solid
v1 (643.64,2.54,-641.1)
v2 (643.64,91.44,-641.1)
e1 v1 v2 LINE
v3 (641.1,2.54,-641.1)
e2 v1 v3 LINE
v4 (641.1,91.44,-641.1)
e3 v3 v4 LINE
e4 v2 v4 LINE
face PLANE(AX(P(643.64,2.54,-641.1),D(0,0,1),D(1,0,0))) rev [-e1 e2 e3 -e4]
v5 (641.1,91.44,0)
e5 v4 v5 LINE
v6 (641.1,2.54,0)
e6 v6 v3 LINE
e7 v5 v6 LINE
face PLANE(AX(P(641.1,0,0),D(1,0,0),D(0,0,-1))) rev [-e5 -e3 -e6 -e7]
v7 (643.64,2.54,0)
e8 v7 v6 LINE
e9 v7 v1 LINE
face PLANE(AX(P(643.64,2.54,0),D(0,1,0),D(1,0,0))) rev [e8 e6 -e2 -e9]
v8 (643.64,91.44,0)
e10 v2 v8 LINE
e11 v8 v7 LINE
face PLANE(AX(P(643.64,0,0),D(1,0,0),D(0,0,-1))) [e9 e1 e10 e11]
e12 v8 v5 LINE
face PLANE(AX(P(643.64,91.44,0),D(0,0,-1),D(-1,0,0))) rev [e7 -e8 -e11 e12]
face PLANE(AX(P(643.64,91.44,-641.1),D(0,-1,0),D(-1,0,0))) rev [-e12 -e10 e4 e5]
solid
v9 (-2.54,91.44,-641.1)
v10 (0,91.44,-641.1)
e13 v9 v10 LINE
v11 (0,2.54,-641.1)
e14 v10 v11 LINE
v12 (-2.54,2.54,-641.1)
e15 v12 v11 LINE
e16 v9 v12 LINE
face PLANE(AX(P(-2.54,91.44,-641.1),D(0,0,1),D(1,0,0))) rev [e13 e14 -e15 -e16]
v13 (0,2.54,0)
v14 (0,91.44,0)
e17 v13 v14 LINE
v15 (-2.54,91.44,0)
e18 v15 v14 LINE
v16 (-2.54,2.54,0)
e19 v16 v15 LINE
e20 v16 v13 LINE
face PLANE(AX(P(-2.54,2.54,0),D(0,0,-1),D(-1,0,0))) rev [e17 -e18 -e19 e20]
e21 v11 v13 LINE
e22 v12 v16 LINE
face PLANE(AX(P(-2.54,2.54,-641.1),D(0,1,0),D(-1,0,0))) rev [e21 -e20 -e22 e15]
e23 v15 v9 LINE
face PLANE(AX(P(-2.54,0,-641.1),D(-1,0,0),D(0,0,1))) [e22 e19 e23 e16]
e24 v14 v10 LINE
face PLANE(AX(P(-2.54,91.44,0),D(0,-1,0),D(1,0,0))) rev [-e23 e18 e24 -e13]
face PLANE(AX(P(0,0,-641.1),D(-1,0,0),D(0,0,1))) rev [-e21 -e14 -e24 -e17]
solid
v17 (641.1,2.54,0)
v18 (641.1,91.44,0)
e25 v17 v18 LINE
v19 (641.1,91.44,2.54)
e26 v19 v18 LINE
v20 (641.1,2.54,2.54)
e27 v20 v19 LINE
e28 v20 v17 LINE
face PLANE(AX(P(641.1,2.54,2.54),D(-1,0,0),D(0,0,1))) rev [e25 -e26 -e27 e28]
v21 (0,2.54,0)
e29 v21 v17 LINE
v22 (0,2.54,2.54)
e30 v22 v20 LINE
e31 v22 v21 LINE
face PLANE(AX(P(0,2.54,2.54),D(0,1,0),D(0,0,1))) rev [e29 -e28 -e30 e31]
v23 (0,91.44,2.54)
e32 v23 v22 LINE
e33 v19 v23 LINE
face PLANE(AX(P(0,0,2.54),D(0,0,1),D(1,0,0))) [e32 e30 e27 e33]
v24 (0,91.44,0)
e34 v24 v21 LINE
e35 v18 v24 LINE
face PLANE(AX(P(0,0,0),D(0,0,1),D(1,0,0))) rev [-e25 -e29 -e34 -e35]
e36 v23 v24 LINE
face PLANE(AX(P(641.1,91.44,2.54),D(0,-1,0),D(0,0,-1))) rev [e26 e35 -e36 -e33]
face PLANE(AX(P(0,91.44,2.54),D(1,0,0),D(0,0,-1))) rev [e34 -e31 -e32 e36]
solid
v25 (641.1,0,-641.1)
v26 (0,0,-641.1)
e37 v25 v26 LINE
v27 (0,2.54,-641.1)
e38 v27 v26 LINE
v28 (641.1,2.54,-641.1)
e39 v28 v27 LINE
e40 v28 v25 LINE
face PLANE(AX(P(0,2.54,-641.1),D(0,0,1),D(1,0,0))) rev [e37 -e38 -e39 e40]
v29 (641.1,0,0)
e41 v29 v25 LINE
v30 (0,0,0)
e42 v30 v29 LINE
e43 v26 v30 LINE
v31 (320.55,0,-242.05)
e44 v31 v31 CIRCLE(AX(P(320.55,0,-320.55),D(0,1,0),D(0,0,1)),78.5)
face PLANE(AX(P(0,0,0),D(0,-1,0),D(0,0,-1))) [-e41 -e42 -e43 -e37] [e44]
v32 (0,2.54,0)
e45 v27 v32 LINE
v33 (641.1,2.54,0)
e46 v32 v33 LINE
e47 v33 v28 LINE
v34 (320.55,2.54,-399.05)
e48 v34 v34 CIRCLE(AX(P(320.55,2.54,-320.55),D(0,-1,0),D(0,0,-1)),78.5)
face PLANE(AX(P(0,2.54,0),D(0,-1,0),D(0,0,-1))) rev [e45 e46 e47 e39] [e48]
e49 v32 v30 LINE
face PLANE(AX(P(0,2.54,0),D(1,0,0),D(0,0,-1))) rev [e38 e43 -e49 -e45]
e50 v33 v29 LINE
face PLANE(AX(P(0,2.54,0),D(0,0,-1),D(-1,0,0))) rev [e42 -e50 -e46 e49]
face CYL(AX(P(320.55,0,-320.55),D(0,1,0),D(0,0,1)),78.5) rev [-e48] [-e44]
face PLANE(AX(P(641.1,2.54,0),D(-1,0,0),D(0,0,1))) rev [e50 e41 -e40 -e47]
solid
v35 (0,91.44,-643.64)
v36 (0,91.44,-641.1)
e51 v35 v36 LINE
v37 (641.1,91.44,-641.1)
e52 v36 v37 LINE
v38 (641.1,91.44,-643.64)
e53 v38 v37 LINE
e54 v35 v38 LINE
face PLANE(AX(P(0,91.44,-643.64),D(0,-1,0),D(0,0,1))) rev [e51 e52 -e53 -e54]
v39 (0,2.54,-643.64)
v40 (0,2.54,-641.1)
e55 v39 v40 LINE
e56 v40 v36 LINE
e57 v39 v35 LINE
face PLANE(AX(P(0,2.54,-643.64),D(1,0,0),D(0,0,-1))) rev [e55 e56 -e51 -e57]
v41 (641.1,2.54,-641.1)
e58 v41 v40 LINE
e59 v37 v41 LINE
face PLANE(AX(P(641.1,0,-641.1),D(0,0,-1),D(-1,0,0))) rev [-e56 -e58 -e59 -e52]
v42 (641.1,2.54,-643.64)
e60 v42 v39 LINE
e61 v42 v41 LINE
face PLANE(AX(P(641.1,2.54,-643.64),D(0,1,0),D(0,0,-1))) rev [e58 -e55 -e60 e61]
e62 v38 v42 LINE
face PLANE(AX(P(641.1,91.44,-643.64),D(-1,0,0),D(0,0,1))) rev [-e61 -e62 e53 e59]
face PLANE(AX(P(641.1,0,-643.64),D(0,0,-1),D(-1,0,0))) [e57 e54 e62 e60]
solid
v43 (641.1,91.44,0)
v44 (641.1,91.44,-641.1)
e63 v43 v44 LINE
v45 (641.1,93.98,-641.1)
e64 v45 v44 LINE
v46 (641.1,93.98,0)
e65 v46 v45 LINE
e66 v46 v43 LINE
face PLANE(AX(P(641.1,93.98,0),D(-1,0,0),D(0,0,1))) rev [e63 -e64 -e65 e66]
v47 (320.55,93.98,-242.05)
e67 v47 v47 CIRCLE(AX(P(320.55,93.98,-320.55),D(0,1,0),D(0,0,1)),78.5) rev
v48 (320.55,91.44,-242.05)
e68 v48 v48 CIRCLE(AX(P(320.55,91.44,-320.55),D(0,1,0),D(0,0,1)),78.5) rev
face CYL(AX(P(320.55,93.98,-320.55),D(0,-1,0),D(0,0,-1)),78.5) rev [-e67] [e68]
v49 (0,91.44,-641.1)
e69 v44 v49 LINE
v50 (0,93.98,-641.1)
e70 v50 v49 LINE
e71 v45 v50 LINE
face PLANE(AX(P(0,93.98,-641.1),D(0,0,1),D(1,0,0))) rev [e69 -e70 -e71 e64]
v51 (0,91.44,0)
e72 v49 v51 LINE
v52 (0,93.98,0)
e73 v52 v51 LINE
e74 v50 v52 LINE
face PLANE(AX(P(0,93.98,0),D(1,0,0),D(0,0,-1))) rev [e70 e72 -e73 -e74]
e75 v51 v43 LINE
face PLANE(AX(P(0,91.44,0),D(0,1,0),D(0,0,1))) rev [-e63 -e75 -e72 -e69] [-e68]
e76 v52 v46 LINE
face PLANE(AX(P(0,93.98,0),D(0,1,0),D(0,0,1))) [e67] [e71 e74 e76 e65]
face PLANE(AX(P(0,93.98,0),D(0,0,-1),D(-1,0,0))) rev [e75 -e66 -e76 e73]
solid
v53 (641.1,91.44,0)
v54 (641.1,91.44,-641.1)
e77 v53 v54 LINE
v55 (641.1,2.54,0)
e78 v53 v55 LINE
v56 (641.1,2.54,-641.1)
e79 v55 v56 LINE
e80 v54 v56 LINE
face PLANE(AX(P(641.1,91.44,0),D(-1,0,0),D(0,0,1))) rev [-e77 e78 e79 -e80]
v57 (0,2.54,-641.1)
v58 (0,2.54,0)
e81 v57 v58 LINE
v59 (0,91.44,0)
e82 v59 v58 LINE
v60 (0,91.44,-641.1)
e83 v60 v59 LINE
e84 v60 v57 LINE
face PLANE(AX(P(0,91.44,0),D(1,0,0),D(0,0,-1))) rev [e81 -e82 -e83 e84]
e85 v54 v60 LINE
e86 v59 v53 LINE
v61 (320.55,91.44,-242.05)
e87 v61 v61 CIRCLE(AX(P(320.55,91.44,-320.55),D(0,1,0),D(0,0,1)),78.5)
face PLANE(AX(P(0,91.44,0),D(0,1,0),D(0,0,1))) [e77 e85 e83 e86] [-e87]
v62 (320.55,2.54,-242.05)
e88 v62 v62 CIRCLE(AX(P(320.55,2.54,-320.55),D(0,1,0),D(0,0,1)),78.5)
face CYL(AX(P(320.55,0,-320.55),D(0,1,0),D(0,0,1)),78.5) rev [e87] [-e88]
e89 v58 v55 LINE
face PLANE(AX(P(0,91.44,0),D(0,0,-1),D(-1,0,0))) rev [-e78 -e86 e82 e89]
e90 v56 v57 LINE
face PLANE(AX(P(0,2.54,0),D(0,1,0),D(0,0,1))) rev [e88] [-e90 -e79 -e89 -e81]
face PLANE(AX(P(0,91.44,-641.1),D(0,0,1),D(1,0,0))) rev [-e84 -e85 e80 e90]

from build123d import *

# Parameters (mm, degrees)
SKETCH1_W           = 641.1
SKETCH1_H           = 641.1
BOSS_EXTRUDE1_DEPTH = 2.54
SKETCH2_W           = 641.1
SKETCH2_H           = 641.1
BOSS_EXTRUDE2_DEPTH = 88.9
SKETCH3_W           = 641.1
SKETCH3_H           = 88.9
BOSS_EXTRUDE3_DEPTH = 2.54
CIRPATTERN1_COUNT   = 4
SKETCH5_R           = 78.5
CUT_EXTRUDE1_DEPTH  = 915.825760897
SKETCH7_W           = 641.1
SKETCH7_H           = 641.1
SKETCH7_R           = 78.5
BOSS_EXTRUDE4_DEPTH = 2.54


with BuildPart() as part:
    # Sketch1 → Boss-Extrude1 (new body)
    with BuildSketch(Plane(origin=(0, 0, 0), x_dir=(1, 0, 0), z_dir=(0, 1, 0))):
        with Locations((320.55, 320.55)):
            Rectangle(SKETCH1_W, SKETCH1_H)
    extrude(amount=BOSS_EXTRUDE1_DEPTH)


with BuildPart() as body_2:
    # Sketch2 → Boss-Extrude2 (new body)
    with BuildSketch(Plane(origin=(0, 2.54, 0), x_dir=(1, 0, 0), z_dir=(0, 1, 0))):
        with Locations((320.55, 320.55)):
            Rectangle(SKETCH2_W, SKETCH2_H)
    extrude(amount=BOSS_EXTRUDE2_DEPTH)


with BuildPart() as body_3:
    # Sketch3 → Boss-Extrude3 (new body)
    with BuildSketch(Plane.XY):
        with Locations((320.55, 46.99)):
            Rectangle(SKETCH3_W, SKETCH3_H)
    extrude(amount=BOSS_EXTRUDE3_DEPTH)


with BuildPart() as cirpattern1_1:
    # CirPattern1: pattern copy
    add(body_3.part.rotate(Axis((320.55, 91.44, -320.55), (0, 1, 0)), 1 * 360 / CIRPATTERN1_COUNT))


with BuildPart() as cirpattern1_2:
    # CirPattern1: pattern copy
    add(body_3.part.rotate(Axis((320.55, 91.44, -320.55), (0, 1, 0)), 2 * 360 / CIRPATTERN1_COUNT))


with BuildPart() as cirpattern1_3:
    # CirPattern1: pattern copy
    add(body_3.part.rotate(Axis((320.55, 91.44, -320.55), (0, 1, 0)), 3 * 360 / CIRPATTERN1_COUNT))


with BuildPart() as cut_extrude1_tool:
    # Sketch5 → Cut-Extrude1 (new, through all)
    with BuildSketch(Plane(origin=(0, 91.44, 0), x_dir=(1, 0, 0), z_dir=(0, 1, 0))):
        with Locations((320.55, 320.55)):
            Circle(SKETCH5_R)
    extrude(amount=-CUT_EXTRUDE1_DEPTH)


with BuildPart() as part_1:
    add(part.part)

    # Cut-Extrude1: cut by cut_extrude1_tool
    add(cut_extrude1_tool.part, mode=Mode.SUBTRACT)


with BuildPart() as body_2_1:
    add(body_2.part)

    # Cut-Extrude1: cut by cut_extrude1_tool
    add(cut_extrude1_tool.part, mode=Mode.SUBTRACT)


with BuildPart() as body_7:
    # Sketch7 → Boss-Extrude4 (new body)
    with BuildSketch(Plane(origin=(0, 91.44, 0), x_dir=(1, 0, 0), z_dir=(0, 1, 0))):
        with Locations((320.55, 320.55)):
            Rectangle(SKETCH7_W, SKETCH7_H)
        with Locations((320.55, 320.55)):
            Circle(SKETCH7_R, mode=Mode.SUBTRACT)
    extrude(amount=BOSS_EXTRUDE4_DEPTH)


solid = Compound([body_3.part, cirpattern1_1.part, cirpattern1_2.part, cirpattern1_3.part, part_1.part, body_2_1.part, body_7.part])
